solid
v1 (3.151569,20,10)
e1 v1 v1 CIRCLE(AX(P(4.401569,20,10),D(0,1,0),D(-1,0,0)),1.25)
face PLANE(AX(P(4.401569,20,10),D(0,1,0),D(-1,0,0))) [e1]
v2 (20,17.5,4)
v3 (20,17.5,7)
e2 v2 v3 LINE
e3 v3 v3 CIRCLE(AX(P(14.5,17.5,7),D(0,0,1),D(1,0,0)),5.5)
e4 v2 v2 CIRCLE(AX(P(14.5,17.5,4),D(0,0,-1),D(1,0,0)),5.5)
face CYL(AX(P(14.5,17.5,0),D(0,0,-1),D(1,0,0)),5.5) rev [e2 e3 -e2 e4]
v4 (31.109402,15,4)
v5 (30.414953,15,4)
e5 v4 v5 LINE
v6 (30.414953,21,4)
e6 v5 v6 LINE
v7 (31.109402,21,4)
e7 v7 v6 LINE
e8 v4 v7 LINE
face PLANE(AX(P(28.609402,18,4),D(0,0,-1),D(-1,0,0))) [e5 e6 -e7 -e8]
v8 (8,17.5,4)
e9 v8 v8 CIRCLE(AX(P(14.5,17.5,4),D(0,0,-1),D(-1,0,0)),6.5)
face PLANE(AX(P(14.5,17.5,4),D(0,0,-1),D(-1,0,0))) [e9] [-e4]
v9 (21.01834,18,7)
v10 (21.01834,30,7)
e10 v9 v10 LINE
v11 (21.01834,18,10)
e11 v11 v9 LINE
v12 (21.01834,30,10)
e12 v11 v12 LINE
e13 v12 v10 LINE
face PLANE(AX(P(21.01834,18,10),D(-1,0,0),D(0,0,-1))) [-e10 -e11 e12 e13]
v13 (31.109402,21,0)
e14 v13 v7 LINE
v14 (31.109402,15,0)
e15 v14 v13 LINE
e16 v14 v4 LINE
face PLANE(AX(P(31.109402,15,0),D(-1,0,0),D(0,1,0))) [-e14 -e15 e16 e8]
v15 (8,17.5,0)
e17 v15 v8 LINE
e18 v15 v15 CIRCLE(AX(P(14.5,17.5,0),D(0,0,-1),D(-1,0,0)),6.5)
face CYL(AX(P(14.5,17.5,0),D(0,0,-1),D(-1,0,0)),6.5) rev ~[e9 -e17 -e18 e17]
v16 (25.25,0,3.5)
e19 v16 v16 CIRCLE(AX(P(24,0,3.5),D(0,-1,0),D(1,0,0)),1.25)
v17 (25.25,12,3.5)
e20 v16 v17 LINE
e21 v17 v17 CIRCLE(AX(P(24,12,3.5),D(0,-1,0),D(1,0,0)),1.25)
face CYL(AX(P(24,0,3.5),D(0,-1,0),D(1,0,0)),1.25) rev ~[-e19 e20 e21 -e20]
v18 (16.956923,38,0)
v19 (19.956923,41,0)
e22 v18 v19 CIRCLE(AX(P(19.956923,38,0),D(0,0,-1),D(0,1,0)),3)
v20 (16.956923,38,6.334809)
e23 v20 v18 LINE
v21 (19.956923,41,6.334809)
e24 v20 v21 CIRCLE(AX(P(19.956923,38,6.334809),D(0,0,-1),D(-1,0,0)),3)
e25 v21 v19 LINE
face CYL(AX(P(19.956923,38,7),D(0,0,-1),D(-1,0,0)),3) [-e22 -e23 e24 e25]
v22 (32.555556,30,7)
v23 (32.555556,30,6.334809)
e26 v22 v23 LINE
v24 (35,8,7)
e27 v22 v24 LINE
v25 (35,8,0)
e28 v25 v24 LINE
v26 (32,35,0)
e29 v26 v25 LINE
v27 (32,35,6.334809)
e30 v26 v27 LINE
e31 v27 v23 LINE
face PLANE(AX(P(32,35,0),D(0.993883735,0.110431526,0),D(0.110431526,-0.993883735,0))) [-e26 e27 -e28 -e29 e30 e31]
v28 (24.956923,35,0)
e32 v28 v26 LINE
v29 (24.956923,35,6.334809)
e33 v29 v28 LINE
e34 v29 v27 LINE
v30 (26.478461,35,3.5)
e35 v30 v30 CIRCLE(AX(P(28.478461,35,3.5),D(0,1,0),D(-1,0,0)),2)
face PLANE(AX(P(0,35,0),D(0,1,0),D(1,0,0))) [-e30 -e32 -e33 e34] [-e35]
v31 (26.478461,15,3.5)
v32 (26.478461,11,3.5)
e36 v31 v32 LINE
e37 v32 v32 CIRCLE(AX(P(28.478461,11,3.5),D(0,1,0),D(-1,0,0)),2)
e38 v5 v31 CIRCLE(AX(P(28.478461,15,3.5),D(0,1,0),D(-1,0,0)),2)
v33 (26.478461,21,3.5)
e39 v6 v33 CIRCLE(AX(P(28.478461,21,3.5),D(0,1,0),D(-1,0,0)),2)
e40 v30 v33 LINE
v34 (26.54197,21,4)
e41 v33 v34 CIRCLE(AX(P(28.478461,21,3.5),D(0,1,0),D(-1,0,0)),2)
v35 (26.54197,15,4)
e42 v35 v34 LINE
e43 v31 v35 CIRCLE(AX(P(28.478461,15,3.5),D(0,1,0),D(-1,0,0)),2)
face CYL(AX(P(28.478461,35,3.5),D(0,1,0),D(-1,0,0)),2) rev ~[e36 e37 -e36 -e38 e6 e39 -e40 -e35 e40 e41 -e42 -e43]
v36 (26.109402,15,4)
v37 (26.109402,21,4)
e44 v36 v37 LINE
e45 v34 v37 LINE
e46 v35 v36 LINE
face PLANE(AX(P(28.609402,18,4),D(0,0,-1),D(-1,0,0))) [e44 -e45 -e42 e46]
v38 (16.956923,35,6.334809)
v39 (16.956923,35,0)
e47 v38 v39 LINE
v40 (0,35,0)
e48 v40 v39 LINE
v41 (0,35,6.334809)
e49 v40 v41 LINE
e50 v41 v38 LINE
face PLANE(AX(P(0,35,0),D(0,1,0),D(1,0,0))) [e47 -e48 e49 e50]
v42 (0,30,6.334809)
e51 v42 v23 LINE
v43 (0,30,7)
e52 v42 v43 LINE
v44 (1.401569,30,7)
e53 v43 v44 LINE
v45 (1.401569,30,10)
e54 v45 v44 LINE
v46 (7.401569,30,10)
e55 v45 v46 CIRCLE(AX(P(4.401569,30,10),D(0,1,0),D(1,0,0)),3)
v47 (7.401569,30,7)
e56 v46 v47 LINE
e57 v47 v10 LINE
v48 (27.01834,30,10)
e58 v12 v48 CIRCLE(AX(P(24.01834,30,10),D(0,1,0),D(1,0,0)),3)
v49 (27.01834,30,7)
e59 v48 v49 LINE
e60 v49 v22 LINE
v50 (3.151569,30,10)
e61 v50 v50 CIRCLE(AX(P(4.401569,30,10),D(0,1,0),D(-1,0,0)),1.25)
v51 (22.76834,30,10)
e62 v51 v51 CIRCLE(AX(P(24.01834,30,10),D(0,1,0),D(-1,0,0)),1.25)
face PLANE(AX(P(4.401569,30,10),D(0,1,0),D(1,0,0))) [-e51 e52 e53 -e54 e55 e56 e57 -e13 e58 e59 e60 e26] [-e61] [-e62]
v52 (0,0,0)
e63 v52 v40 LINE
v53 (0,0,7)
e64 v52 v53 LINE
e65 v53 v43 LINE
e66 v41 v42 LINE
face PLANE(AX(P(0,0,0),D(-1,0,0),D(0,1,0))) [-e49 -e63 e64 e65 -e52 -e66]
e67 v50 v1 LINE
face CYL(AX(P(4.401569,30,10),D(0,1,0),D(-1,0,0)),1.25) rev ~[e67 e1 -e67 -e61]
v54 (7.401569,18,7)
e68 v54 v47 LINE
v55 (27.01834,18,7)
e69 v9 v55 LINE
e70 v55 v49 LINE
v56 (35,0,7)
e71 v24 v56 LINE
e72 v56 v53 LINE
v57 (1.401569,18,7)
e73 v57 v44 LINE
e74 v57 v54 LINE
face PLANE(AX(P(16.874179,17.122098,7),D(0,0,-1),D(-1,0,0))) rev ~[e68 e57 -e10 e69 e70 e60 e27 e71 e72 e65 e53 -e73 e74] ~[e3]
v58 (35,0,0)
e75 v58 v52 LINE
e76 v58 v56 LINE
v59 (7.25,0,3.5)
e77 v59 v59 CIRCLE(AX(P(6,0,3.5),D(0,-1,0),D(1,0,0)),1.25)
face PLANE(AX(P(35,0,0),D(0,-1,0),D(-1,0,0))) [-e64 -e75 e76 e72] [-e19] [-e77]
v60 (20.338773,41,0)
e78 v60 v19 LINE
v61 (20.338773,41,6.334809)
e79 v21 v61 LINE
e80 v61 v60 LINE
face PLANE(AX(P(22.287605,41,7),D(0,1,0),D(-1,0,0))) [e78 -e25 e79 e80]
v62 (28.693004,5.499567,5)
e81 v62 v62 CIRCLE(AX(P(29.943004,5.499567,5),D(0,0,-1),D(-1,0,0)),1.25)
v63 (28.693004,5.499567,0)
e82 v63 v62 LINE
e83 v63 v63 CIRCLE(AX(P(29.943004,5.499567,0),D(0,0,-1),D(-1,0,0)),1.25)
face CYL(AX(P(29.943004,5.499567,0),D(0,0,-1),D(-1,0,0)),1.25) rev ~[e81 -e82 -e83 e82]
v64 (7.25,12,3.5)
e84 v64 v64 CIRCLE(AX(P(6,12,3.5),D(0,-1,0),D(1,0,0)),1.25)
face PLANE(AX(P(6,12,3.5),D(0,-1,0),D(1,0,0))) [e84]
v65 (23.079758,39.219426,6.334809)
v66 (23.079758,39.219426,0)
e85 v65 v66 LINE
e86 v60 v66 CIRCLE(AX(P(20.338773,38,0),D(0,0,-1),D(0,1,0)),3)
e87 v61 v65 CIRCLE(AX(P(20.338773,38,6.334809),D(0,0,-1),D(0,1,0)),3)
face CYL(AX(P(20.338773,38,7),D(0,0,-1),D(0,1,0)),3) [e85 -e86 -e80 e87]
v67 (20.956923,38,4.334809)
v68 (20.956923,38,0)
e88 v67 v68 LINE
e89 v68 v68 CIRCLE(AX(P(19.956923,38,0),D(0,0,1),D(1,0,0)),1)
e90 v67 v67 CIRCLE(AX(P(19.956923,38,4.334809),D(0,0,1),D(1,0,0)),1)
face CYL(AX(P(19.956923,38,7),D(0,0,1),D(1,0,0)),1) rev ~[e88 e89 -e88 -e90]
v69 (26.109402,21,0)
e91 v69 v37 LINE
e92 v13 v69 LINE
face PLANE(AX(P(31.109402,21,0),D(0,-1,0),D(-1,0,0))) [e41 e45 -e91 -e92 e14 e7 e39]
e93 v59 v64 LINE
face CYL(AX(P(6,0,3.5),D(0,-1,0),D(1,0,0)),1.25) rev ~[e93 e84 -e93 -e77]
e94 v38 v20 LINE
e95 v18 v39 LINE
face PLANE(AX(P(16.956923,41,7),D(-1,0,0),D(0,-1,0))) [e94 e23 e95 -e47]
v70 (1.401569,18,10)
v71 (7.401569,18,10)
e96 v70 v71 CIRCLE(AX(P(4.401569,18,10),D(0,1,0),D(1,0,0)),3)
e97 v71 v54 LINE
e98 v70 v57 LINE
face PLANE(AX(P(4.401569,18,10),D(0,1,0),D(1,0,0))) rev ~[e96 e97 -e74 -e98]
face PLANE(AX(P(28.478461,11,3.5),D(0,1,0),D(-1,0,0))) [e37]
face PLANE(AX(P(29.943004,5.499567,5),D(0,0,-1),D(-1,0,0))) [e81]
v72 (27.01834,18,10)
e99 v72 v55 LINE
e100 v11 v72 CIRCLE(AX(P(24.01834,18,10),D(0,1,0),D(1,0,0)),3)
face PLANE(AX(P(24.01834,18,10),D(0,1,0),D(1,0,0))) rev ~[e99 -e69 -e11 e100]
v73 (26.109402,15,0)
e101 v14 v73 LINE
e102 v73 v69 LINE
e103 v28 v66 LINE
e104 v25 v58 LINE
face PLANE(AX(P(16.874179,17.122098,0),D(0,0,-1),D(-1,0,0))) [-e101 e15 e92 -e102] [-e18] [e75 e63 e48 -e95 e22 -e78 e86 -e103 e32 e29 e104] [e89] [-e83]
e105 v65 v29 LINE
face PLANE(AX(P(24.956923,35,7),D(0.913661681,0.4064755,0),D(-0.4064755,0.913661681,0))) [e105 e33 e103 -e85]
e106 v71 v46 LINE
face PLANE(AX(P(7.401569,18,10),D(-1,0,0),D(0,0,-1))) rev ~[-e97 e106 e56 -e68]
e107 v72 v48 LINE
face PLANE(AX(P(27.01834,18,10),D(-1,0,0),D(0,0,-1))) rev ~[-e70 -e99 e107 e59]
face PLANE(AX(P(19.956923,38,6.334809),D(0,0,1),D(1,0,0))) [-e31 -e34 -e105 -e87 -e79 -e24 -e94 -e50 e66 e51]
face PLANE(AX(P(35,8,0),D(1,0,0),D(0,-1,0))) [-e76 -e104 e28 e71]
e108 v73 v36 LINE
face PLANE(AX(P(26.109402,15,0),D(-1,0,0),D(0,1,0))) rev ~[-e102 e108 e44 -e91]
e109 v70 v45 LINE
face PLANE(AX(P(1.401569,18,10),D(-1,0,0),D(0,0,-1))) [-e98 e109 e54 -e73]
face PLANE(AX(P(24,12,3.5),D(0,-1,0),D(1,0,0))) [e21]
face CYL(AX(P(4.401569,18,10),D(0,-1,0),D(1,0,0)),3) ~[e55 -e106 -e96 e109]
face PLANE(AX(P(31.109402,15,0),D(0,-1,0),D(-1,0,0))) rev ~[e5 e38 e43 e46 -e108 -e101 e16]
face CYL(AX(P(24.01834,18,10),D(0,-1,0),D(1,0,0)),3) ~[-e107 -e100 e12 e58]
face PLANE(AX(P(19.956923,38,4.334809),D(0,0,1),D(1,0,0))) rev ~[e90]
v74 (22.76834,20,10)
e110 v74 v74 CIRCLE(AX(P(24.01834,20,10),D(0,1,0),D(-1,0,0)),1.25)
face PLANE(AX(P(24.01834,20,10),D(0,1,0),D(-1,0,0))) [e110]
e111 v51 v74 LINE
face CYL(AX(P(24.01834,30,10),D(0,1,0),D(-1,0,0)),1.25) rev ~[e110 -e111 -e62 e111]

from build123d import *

# Parameters (mm, degrees)
SKETCH1_R           = 5.5
BOSS_EXTRUDE1_DEPTH = 7
SKETCH2_R           = 1.25
CUT_EXTRUDE1_DEPTH  = 12
SKETCH3_R           = 1.25
CUT_EXTRUDE2_DEPTH  = 12
BOSS_EXTRUDE3_DEPTH = 7
FILLET1_R           = 3
SKETCH5_R           = 1
CUT_EXTRUDE3_DEPTH  = 7
SKETCH6_R           = 3
SKETCH6_W           = 6
SKETCH6_H           = 6
BOSS_EXTRUDE5_DEPTH = 12
SKETCH8_R           = 1.25
CUT_EXTRUDE4_DEPTH  = 10
SKETCH9_R           = 2
CUT_EXTRUDE5_DEPTH  = 24
SKETCH10_W          = 5
SKETCH10_H          = 6
CUT_EXTRUDE6_DEPTH  = 4
SKETCH12_R          = 6.5
CUT_EXTRUDE9_DEPTH  = 4
SKETCH13_W          = 35
SKETCH13_H          = 0.258068079
CUT_EXTRUDE10_DEPTH = 11
SKETCH14_W          = 33.43687833
SKETCH14_H          = 0.407122994
CUT_EXTRUDE11_DEPTH = 11
SKETCH15_R          = 1
BOSS_EXTRUDE6_DEPTH = 2
SKETCH16_R          = 1.25
CUT_EXTRUDE12_DEPTH = 5


with BuildPart() as part:
    # Sketch1 → Boss-Extrude1 (new body)
    with BuildSketch(Plane.XY):
        Polygon((0, 0), (0, 35), (32, 35), (35, 8), (35, 0), align=None)
        with Locations((14.5, 17.5)):
            Circle(SKETCH1_R, mode=Mode.SUBTRACT)
    extrude(amount=BOSS_EXTRUDE1_DEPTH)

    # Sketch2 → Cut-Extrude1 (cut)
    with BuildSketch(Plane.XZ):
        with Locations((6, 3.5)):
            Circle(SKETCH2_R)
    extrude(amount=-CUT_EXTRUDE1_DEPTH, mode=Mode.SUBTRACT)

    # Sketch3 → Cut-Extrude2 (cut)
    with BuildSketch(Plane.XZ):
        with Locations((24, 3.5)):
            Circle(SKETCH3_R)
    extrude(amount=-CUT_EXTRUDE2_DEPTH, mode=Mode.SUBTRACT)

    # Sketch4 → Boss-Extrude3 (add)
    with BuildSketch(Plane.XY.offset(7)):
        Polygon((16.95692267, 41), (16.95692267, 35), (24.95692267, 35), (22.287605299, 41), align=None)
    extrude(amount=-BOSS_EXTRUDE3_DEPTH)

    # Fillet1
    fillet1_edges = [part.edges().sort_by_distance(p)[0] for p in [
        (22.287605299, 41, 3.5),
        (16.95692267, 41, 3.5),
    ]]
    fillet(fillet1_edges, radius=FILLET1_R)

    # Sketch5 → Cut-Extrude3 (cut)
    with BuildSketch(Plane.XY.offset(7)):
        with Locations((19.95692267, 38)):
            Circle(SKETCH5_R)
    extrude(amount=-CUT_EXTRUDE3_DEPTH, mode=Mode.SUBTRACT)

    # Sketch6 → Boss-Extrude5 (add)
    with BuildSketch(Plane(origin=(0, 18, 0), x_dir=(1, 0, 0), z_dir=(0, 1, 0))):
        with Locations((4.401568824, -10)):
            Circle(SKETCH6_R)
        with Locations((24.018340299, -10)):
            Circle(SKETCH6_R)
        with Locations((4.401568824, -7)):
            Rectangle(SKETCH6_W, SKETCH6_H)
        with Locations((24.018340299, -7)):
            Rectangle(SKETCH6_W, SKETCH6_H)
    extrude(amount=BOSS_EXTRUDE5_DEPTH)

    # Sketch8 → Cut-Extrude4 (cut)
    with BuildSketch(Plane(origin=(0, 30, 0), x_dir=(1, 0, 0), z_dir=(0, 1, 0))):
        with Locations(Location((4.401568824, -10, 0), (0, 0, 180))):
            Circle(SKETCH8_R)
        with Locations(Location((24.018340299, -10, 0), (0, 0, 180))):
            Circle(SKETCH8_R)
    extrude(amount=-CUT_EXTRUDE4_DEPTH, mode=Mode.SUBTRACT)

    # Sketch9 → Cut-Extrude5 (cut)
    with BuildSketch(Plane(origin=(0, 35, 0), x_dir=(1, 0, 0), z_dir=(0, 1, 0))):
        with Locations(Location((28.478461335, -3.5, 0), (0, 0, 180))):
            Circle(SKETCH9_R)
    extrude(amount=-CUT_EXTRUDE5_DEPTH, mode=Mode.SUBTRACT)

    # Sketch10 → Cut-Extrude6 (cut)
    with BuildSketch(Plane(origin=(0, 0, 0), x_dir=(-1, 0, 0), z_dir=(0, 0, -1))):
        with Locations((-28.609401926, 18)):
            Rectangle(SKETCH10_W, SKETCH10_H)
    extrude(amount=-CUT_EXTRUDE6_DEPTH, mode=Mode.SUBTRACT)

    # Sketch12 → Cut-Extrude9 (cut)
    with BuildSketch(Plane(origin=(0, 0, 0), x_dir=(-1, 0, 0), z_dir=(0, 0, -1))):
        with Locations((-14.5, 17.5)):
            Circle(SKETCH12_R)
    extrude(amount=-CUT_EXTRUDE9_DEPTH, mode=Mode.SUBTRACT)

    # Sketch13 → Cut-Extrude10 (cut)
    with BuildSketch(Plane(origin=(0, 41, 0), x_dir=(1, 0, 0), z_dir=(0, 1, 0))):
        with Locations((17.5, -6.870965961)):
            Rectangle(SKETCH13_W, SKETCH13_H)
    extrude(amount=-CUT_EXTRUDE10_DEPTH, mode=Mode.SUBTRACT)

    # Sketch14 → Cut-Extrude11 (cut)
    with BuildSketch(Plane(origin=(0, 41, 0), x_dir=(1, 0, 0), z_dir=(0, 1, 0))):
        with Locations((16.718439165, -6.538370424)):
            Rectangle(SKETCH14_W, SKETCH14_H)
    extrude(amount=-CUT_EXTRUDE11_DEPTH, mode=Mode.SUBTRACT)

    # Sketch15 → Boss-Extrude6 (add)
    with BuildSketch(Plane.XY.offset(6.334808927)):
        with Locations((19.95692267, 38)):
            Circle(SKETCH15_R)
    extrude(amount=-BOSS_EXTRUDE6_DEPTH)

    # Sketch16 → Cut-Extrude12 (cut)
    with BuildSketch(Plane(origin=(0, 0, 0), x_dir=(-1, 0, 0), z_dir=(0, 0, -1))):
        with Locations((-29.943004203, 5.499566532)):
            Circle(SKETCH16_R)
    extrude(amount=-CUT_EXTRUDE12_DEPTH, mode=Mode.SUBTRACT)


solid = part.part
